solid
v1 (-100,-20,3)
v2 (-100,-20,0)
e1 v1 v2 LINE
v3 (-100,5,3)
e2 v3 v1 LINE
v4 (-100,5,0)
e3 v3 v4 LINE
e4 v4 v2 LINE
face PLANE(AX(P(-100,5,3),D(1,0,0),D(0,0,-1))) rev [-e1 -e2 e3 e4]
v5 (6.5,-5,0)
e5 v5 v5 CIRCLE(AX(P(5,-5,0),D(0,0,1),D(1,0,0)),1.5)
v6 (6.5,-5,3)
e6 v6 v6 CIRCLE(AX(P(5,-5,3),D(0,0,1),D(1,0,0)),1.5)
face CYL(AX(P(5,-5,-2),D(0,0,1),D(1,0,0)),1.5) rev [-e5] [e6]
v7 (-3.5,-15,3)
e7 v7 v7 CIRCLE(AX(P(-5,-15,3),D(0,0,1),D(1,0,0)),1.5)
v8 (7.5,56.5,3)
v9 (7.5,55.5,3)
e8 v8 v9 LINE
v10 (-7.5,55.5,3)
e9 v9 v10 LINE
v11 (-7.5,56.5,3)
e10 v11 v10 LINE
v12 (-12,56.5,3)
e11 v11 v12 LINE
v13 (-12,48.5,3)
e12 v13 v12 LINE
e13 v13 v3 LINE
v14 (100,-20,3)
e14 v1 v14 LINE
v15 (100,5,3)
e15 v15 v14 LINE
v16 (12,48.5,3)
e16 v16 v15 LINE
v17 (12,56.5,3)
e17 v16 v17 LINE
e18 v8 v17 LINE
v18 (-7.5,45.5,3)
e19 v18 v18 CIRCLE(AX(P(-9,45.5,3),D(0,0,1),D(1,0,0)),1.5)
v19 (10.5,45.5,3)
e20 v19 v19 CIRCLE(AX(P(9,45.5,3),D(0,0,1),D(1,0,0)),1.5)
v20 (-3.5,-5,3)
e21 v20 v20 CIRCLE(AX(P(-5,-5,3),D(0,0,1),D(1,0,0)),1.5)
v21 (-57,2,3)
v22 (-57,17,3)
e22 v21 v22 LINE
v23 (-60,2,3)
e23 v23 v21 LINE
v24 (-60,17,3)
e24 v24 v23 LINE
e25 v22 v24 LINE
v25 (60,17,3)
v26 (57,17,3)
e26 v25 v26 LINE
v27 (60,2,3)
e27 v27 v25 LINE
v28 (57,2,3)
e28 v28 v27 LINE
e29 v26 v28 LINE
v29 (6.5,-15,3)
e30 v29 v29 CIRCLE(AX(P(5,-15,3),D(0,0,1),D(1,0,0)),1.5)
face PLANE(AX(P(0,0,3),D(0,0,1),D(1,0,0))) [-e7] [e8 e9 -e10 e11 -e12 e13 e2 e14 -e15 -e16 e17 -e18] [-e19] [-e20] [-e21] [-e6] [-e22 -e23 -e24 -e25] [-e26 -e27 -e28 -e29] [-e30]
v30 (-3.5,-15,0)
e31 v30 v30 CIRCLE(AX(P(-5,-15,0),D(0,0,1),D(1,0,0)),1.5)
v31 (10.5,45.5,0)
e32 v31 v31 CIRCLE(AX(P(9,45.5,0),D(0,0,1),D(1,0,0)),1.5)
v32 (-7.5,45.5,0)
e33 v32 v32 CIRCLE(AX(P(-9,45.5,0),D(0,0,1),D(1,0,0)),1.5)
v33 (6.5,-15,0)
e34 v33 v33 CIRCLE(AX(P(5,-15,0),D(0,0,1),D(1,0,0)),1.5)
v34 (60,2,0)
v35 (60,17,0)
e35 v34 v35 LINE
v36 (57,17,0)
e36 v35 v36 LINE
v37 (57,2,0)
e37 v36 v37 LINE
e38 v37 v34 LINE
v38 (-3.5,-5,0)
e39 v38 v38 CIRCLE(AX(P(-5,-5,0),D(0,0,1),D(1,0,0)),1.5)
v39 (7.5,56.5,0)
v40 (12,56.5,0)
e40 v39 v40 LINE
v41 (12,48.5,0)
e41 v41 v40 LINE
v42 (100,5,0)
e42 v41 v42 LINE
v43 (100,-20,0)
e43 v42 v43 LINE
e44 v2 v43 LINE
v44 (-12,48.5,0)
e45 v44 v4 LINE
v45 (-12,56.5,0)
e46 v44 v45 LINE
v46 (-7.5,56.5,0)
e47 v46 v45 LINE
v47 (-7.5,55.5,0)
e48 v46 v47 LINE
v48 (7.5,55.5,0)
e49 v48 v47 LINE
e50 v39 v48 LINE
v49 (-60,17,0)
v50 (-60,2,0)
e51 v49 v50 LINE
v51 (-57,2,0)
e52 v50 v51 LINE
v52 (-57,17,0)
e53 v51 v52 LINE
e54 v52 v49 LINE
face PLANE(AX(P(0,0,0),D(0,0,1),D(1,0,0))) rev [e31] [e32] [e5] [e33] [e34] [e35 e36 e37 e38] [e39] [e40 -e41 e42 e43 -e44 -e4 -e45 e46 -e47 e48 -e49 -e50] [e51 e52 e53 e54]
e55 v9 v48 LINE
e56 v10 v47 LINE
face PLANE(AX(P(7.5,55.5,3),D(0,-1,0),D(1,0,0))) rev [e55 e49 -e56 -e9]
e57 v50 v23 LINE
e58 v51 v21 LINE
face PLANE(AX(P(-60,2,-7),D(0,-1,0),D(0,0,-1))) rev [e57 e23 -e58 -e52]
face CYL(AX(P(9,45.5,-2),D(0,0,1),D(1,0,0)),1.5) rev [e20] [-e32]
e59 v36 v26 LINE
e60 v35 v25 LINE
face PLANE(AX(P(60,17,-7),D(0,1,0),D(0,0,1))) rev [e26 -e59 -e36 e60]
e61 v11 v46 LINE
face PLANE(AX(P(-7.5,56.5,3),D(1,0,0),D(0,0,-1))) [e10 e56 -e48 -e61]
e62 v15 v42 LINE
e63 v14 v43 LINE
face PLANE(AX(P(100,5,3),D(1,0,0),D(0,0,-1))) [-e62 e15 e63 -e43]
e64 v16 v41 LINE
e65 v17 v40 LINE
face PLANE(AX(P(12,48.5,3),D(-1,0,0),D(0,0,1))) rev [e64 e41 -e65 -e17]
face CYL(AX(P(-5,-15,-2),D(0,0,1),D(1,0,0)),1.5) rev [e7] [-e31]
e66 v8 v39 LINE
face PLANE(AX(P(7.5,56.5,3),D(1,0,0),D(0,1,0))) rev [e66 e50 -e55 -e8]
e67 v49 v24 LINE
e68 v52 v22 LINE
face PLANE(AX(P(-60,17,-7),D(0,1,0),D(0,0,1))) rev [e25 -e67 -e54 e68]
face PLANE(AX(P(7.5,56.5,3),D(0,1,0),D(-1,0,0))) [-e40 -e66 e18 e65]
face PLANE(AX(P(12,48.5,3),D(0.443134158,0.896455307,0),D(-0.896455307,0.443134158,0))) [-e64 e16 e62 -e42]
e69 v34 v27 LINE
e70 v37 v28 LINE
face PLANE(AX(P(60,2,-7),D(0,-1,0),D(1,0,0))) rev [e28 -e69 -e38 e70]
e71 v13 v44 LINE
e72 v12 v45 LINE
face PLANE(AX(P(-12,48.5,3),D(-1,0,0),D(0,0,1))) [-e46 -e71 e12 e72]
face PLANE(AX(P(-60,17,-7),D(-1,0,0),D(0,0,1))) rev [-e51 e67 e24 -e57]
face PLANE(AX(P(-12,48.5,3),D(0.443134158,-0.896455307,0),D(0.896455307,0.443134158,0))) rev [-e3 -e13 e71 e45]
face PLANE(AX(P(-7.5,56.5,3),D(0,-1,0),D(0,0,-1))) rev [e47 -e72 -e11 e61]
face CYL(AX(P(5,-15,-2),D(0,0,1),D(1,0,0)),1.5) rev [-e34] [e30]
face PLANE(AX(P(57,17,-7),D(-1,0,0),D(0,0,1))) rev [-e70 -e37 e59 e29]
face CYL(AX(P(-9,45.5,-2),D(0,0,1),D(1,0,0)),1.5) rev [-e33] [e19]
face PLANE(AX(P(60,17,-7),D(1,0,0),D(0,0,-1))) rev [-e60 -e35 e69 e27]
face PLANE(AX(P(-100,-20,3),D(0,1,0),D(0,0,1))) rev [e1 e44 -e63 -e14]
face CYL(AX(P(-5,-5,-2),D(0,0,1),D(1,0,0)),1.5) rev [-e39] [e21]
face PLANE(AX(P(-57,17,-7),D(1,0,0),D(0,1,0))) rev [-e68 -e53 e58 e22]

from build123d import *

# Parameters (mm, degrees)
EXTRUDE_1_DEPTH     = 3
SKETCH_4_R          = 1.5
CUT_EXTRUDE_2_DEPTH = 5
SKETCH_6_R          = 1.5
CUT_EXTRUDE_4_DEPTH = 5
SKETCH_7_W          = 3
SKETCH_7_H          = 15
CUT_EXTRUDE_5_DEPTH = 10


with BuildPart() as part:
    # 草图2 → 凸台-拉伸1 (new body)
    with BuildSketch(Plane.XY):
        Polygon((-7.5, 56.5), (-7.5, 55.5), (7.5, 55.5), (7.5, 56.5), (12, 56.5), (12, 48.5), (100, 5), (100, -20), (-100, -20), (-100, 5), (-12, 48.5), (-12, 56.5), align=None)
    extrude(amount=EXTRUDE_1_DEPTH)

    # 草图4 → 切除-拉伸2 (cut)
    with BuildSketch(Plane.XY.offset(3)):
        with Locations((-5, -5)):
            Circle(SKETCH_4_R)
        with Locations((5, -5)):
            Circle(SKETCH_4_R)
        with Locations((-5, -15)):
            Circle(SKETCH_4_R)
        with Locations((5, -15)):
            Circle(SKETCH_4_R)
    extrude(amount=-CUT_EXTRUDE_2_DEPTH, mode=Mode.SUBTRACT)

    # 草图6 → 切除-拉伸4 (cut)
    with BuildSketch(Plane.XY.offset(3)):
        with Locations((-9, 45.5)):
            Circle(SKETCH_6_R)
        with Locations((9, 45.5)):
            Circle(SKETCH_6_R)
    extrude(amount=-CUT_EXTRUDE_4_DEPTH, mode=Mode.SUBTRACT)

    # 草图7 → 切除-拉伸5 (cut)
    with BuildSketch(Plane.XY.offset(3)):
        with Locations((-58.5, 9.5)):
            Rectangle(SKETCH_7_W, SKETCH_7_H)
        with Locations((58.5, 9.5)):
            Rectangle(SKETCH_7_W, SKETCH_7_H)
    extrude(amount=-CUT_EXTRUDE_5_DEPTH, mode=Mode.SUBTRACT)


solid = part.part
